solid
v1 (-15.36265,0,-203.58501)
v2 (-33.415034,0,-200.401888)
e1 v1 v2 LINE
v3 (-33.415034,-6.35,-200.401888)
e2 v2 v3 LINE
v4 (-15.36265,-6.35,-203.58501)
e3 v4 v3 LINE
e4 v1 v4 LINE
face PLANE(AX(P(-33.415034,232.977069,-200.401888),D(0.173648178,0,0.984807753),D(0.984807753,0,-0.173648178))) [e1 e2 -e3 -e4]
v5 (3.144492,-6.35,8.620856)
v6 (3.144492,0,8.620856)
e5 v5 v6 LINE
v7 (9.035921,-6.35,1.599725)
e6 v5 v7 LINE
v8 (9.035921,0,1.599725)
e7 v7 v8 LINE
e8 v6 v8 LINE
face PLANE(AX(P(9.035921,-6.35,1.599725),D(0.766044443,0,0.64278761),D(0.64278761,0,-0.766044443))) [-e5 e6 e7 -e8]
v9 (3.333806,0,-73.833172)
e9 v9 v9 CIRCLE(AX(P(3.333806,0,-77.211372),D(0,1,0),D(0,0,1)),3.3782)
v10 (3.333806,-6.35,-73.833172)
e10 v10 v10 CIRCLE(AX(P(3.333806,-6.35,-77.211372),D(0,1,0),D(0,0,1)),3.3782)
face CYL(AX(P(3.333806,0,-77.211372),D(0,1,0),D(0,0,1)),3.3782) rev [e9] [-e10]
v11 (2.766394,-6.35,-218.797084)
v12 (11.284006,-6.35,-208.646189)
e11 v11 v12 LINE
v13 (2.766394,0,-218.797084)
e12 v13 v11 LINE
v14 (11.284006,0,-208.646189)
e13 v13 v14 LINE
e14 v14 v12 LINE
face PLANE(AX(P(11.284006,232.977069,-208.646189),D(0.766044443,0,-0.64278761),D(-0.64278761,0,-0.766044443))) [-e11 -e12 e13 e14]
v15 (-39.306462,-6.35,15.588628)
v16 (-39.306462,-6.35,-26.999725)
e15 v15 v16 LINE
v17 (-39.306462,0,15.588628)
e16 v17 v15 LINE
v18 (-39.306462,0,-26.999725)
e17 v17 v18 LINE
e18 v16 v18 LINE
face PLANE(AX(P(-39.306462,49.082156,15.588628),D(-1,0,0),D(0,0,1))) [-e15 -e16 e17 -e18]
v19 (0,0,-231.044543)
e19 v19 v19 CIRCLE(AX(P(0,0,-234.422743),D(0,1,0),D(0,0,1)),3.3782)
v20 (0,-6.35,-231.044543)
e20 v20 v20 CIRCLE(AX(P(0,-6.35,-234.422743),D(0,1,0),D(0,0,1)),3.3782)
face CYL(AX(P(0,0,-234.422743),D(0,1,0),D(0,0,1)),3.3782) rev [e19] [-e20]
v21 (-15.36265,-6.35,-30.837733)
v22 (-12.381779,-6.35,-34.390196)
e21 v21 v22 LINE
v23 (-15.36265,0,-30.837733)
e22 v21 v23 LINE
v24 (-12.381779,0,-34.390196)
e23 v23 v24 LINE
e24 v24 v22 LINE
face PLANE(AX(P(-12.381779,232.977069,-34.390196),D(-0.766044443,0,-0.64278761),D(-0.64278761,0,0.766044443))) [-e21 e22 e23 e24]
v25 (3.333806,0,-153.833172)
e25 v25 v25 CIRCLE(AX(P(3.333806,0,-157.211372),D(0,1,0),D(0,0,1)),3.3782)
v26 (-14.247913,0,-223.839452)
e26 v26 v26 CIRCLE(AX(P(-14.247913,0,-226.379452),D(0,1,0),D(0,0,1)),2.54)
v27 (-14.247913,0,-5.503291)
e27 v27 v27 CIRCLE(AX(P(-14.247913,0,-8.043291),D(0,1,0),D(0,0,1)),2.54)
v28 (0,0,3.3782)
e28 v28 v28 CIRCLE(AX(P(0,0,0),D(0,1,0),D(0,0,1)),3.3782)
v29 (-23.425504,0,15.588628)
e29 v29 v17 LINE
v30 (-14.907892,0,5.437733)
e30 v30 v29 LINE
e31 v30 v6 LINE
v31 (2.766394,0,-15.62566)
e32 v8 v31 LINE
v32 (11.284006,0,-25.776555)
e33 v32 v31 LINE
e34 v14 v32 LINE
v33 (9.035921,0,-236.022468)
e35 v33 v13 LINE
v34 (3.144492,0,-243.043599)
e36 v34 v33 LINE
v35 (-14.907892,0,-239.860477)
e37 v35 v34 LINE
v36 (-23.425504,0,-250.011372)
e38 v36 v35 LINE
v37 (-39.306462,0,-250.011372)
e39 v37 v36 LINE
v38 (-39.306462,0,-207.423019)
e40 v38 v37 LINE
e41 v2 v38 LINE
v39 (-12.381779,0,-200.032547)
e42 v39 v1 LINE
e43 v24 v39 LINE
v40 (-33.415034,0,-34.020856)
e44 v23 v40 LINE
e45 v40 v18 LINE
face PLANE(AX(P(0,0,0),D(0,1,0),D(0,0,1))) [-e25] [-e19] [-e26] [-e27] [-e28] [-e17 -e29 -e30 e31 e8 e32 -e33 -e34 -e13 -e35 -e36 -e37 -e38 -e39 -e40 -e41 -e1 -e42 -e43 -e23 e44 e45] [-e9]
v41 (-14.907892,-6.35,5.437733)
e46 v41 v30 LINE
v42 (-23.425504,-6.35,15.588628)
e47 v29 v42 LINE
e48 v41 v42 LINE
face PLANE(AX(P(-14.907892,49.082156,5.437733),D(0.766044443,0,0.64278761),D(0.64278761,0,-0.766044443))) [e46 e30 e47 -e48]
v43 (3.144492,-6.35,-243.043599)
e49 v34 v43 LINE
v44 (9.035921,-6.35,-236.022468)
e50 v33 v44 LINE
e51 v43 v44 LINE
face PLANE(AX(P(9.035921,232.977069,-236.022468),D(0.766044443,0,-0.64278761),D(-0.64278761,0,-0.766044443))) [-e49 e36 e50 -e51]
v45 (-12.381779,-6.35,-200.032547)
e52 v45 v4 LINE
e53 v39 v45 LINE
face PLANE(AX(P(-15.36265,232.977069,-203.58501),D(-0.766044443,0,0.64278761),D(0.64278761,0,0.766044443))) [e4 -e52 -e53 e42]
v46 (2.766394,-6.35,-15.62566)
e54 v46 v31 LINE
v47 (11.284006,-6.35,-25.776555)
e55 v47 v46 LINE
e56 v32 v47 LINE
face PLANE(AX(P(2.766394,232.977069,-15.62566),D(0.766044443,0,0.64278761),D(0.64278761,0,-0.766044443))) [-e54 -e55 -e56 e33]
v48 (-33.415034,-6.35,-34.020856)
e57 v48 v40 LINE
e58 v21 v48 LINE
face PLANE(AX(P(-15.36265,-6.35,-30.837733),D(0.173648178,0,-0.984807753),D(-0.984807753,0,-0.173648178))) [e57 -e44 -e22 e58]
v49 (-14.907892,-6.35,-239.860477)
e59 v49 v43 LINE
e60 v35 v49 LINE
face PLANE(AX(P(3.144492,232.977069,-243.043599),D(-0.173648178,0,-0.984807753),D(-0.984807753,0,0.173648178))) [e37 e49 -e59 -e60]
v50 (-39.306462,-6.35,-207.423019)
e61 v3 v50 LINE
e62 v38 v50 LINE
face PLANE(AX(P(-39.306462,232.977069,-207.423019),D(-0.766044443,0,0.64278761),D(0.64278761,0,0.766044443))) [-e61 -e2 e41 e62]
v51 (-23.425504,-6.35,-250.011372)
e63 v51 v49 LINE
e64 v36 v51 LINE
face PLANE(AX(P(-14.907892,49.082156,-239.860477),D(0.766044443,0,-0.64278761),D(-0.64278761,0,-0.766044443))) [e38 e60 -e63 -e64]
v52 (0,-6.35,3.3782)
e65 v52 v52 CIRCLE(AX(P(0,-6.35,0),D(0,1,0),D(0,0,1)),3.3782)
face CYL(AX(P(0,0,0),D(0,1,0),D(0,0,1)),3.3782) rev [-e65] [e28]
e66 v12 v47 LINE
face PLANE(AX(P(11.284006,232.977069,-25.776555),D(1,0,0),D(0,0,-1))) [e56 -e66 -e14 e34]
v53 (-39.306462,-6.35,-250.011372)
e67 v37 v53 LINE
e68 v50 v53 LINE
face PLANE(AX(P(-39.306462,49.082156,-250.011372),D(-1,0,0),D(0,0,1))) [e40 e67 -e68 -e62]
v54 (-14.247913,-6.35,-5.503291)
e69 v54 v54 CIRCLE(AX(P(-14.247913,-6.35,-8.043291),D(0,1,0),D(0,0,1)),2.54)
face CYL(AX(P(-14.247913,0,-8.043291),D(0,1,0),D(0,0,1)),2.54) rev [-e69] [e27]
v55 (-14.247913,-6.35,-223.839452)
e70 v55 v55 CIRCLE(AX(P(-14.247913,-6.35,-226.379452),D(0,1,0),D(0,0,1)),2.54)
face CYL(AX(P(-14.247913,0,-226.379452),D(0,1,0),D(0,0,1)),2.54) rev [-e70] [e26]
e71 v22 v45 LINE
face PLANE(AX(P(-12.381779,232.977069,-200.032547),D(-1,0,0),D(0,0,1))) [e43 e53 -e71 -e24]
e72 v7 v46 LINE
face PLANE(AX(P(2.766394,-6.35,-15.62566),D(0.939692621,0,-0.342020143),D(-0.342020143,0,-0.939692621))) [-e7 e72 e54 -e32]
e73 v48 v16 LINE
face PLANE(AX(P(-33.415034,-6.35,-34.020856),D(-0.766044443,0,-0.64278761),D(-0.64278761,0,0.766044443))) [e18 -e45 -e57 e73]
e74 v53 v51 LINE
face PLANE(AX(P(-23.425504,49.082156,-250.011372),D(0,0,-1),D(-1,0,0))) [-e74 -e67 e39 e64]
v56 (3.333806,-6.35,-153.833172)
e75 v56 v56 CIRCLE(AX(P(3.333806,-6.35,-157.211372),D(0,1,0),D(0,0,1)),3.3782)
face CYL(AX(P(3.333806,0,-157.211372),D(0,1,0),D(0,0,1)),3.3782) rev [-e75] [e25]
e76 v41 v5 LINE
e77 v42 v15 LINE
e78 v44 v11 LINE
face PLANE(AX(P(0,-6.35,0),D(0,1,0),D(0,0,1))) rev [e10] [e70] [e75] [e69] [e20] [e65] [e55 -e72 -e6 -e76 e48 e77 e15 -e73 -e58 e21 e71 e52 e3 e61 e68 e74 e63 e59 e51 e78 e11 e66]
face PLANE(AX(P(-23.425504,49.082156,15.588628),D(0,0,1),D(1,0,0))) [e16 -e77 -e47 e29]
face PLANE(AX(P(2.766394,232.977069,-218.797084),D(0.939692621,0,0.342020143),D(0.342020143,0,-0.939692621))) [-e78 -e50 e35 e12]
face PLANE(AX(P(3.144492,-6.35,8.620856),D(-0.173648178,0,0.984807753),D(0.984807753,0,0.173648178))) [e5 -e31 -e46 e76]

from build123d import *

# Parameters (mm, degrees)
BOSS_EXTRUDE1_DEPTH         = 6.35
BOSS_EXTRUDE3_DEPTH         = 6.35
F_1_4_CLEARANCE_HOLE1_D     = 6.7564
TAP_DRILL_FOR_1_4_20_TAP1_D = 5.08
BOSS_EXTRUDE4_DEPTH         = 6.35


with BuildPart() as part:
    # Sketch2 → Boss-Extrude1 (new body)
    with BuildSketch(Plane(origin=(0, 0, 0), x_dir=(1, 0, 0), z_dir=(0, 1, 0))):
        Polygon((2.766393585, 15.625659676), (9.035920728, -1.599724579), (3.144492336, -8.62085553), (-14.907891591, -5.437733178), (-33.036934837, 9.774340324), (-39.306461979, 26.999724579), (-33.415033588, 34.02085553), (-15.362649661, 30.837733178), align=None)
    extrude(amount=-BOSS_EXTRUDE1_DEPTH)

    # Sketch7 → Boss-Extrude3 (add)
    with BuildSketch(Plane.XZ.offset(6.35)):
        Polygon((2.766393585, -15.625659676), (11.284005931, -25.77655479), (11.284005931, -208.646188628), (2.766393585, -218.797083741), (9.035920728, -236.022467996), (3.144492336, -243.043598948), (-14.907891591, -239.860476595), (-33.036934837, -224.648403094), (-39.306461979, -207.423018839), (-33.415033588, -200.401887887), (-15.362649661, -203.58501024), (-12.381779272, -200.032547244), (-12.381779272, -34.390196174), (-15.362649661, -30.837733178), align=None)
    extrude(amount=-BOSS_EXTRUDE3_DEPTH)

    # 1/4 Clearance Hole1 (through all)
    with Locations(Plane(origin=(0, 0, 0), x_dir=(1, 0, 0), z_dir=(0, 1, 0))):
        with Locations((0, 0), (3.333805931, 77.211371709), (3.333805931, 157.211371709), (0, 234.422743417)):
            Hole(F_1_4_CLEARANCE_HOLE1_D / 2)

    # Tap Drill for 1/4-20 Tap1 (through all)
    with Locations(Plane(origin=(0, 0, 0), x_dir=(1, 0, 0), z_dir=(0, 1, 0))):
        with Locations((-14.247913361, 8.043291), (-14.247913361, 226.379452417)):
            Hole(TAP_DRILL_FOR_1_4_20_TAP1_D / 2)

    # Sketch10 → Boss-Extrude4 (add)
    with BuildSketch(Plane.XZ.offset(6.35)):
        Polygon((-14.907891591, -239.860476595), (-23.425503936, -250.011371709), (-39.306461979, -250.011371709), (-39.306461979, -207.423018839), (-33.036934837, -224.648403094), align=None)
        Polygon((-14.907891591, 5.437733178), (-23.425503936, 15.588628291), (-39.306461979, 15.588628291), (-39.306461979, -26.999724579), (-33.036934837, -9.774340324), align=None)
    extrude(amount=-BOSS_EXTRUDE4_DEPTH)


solid = part.part
